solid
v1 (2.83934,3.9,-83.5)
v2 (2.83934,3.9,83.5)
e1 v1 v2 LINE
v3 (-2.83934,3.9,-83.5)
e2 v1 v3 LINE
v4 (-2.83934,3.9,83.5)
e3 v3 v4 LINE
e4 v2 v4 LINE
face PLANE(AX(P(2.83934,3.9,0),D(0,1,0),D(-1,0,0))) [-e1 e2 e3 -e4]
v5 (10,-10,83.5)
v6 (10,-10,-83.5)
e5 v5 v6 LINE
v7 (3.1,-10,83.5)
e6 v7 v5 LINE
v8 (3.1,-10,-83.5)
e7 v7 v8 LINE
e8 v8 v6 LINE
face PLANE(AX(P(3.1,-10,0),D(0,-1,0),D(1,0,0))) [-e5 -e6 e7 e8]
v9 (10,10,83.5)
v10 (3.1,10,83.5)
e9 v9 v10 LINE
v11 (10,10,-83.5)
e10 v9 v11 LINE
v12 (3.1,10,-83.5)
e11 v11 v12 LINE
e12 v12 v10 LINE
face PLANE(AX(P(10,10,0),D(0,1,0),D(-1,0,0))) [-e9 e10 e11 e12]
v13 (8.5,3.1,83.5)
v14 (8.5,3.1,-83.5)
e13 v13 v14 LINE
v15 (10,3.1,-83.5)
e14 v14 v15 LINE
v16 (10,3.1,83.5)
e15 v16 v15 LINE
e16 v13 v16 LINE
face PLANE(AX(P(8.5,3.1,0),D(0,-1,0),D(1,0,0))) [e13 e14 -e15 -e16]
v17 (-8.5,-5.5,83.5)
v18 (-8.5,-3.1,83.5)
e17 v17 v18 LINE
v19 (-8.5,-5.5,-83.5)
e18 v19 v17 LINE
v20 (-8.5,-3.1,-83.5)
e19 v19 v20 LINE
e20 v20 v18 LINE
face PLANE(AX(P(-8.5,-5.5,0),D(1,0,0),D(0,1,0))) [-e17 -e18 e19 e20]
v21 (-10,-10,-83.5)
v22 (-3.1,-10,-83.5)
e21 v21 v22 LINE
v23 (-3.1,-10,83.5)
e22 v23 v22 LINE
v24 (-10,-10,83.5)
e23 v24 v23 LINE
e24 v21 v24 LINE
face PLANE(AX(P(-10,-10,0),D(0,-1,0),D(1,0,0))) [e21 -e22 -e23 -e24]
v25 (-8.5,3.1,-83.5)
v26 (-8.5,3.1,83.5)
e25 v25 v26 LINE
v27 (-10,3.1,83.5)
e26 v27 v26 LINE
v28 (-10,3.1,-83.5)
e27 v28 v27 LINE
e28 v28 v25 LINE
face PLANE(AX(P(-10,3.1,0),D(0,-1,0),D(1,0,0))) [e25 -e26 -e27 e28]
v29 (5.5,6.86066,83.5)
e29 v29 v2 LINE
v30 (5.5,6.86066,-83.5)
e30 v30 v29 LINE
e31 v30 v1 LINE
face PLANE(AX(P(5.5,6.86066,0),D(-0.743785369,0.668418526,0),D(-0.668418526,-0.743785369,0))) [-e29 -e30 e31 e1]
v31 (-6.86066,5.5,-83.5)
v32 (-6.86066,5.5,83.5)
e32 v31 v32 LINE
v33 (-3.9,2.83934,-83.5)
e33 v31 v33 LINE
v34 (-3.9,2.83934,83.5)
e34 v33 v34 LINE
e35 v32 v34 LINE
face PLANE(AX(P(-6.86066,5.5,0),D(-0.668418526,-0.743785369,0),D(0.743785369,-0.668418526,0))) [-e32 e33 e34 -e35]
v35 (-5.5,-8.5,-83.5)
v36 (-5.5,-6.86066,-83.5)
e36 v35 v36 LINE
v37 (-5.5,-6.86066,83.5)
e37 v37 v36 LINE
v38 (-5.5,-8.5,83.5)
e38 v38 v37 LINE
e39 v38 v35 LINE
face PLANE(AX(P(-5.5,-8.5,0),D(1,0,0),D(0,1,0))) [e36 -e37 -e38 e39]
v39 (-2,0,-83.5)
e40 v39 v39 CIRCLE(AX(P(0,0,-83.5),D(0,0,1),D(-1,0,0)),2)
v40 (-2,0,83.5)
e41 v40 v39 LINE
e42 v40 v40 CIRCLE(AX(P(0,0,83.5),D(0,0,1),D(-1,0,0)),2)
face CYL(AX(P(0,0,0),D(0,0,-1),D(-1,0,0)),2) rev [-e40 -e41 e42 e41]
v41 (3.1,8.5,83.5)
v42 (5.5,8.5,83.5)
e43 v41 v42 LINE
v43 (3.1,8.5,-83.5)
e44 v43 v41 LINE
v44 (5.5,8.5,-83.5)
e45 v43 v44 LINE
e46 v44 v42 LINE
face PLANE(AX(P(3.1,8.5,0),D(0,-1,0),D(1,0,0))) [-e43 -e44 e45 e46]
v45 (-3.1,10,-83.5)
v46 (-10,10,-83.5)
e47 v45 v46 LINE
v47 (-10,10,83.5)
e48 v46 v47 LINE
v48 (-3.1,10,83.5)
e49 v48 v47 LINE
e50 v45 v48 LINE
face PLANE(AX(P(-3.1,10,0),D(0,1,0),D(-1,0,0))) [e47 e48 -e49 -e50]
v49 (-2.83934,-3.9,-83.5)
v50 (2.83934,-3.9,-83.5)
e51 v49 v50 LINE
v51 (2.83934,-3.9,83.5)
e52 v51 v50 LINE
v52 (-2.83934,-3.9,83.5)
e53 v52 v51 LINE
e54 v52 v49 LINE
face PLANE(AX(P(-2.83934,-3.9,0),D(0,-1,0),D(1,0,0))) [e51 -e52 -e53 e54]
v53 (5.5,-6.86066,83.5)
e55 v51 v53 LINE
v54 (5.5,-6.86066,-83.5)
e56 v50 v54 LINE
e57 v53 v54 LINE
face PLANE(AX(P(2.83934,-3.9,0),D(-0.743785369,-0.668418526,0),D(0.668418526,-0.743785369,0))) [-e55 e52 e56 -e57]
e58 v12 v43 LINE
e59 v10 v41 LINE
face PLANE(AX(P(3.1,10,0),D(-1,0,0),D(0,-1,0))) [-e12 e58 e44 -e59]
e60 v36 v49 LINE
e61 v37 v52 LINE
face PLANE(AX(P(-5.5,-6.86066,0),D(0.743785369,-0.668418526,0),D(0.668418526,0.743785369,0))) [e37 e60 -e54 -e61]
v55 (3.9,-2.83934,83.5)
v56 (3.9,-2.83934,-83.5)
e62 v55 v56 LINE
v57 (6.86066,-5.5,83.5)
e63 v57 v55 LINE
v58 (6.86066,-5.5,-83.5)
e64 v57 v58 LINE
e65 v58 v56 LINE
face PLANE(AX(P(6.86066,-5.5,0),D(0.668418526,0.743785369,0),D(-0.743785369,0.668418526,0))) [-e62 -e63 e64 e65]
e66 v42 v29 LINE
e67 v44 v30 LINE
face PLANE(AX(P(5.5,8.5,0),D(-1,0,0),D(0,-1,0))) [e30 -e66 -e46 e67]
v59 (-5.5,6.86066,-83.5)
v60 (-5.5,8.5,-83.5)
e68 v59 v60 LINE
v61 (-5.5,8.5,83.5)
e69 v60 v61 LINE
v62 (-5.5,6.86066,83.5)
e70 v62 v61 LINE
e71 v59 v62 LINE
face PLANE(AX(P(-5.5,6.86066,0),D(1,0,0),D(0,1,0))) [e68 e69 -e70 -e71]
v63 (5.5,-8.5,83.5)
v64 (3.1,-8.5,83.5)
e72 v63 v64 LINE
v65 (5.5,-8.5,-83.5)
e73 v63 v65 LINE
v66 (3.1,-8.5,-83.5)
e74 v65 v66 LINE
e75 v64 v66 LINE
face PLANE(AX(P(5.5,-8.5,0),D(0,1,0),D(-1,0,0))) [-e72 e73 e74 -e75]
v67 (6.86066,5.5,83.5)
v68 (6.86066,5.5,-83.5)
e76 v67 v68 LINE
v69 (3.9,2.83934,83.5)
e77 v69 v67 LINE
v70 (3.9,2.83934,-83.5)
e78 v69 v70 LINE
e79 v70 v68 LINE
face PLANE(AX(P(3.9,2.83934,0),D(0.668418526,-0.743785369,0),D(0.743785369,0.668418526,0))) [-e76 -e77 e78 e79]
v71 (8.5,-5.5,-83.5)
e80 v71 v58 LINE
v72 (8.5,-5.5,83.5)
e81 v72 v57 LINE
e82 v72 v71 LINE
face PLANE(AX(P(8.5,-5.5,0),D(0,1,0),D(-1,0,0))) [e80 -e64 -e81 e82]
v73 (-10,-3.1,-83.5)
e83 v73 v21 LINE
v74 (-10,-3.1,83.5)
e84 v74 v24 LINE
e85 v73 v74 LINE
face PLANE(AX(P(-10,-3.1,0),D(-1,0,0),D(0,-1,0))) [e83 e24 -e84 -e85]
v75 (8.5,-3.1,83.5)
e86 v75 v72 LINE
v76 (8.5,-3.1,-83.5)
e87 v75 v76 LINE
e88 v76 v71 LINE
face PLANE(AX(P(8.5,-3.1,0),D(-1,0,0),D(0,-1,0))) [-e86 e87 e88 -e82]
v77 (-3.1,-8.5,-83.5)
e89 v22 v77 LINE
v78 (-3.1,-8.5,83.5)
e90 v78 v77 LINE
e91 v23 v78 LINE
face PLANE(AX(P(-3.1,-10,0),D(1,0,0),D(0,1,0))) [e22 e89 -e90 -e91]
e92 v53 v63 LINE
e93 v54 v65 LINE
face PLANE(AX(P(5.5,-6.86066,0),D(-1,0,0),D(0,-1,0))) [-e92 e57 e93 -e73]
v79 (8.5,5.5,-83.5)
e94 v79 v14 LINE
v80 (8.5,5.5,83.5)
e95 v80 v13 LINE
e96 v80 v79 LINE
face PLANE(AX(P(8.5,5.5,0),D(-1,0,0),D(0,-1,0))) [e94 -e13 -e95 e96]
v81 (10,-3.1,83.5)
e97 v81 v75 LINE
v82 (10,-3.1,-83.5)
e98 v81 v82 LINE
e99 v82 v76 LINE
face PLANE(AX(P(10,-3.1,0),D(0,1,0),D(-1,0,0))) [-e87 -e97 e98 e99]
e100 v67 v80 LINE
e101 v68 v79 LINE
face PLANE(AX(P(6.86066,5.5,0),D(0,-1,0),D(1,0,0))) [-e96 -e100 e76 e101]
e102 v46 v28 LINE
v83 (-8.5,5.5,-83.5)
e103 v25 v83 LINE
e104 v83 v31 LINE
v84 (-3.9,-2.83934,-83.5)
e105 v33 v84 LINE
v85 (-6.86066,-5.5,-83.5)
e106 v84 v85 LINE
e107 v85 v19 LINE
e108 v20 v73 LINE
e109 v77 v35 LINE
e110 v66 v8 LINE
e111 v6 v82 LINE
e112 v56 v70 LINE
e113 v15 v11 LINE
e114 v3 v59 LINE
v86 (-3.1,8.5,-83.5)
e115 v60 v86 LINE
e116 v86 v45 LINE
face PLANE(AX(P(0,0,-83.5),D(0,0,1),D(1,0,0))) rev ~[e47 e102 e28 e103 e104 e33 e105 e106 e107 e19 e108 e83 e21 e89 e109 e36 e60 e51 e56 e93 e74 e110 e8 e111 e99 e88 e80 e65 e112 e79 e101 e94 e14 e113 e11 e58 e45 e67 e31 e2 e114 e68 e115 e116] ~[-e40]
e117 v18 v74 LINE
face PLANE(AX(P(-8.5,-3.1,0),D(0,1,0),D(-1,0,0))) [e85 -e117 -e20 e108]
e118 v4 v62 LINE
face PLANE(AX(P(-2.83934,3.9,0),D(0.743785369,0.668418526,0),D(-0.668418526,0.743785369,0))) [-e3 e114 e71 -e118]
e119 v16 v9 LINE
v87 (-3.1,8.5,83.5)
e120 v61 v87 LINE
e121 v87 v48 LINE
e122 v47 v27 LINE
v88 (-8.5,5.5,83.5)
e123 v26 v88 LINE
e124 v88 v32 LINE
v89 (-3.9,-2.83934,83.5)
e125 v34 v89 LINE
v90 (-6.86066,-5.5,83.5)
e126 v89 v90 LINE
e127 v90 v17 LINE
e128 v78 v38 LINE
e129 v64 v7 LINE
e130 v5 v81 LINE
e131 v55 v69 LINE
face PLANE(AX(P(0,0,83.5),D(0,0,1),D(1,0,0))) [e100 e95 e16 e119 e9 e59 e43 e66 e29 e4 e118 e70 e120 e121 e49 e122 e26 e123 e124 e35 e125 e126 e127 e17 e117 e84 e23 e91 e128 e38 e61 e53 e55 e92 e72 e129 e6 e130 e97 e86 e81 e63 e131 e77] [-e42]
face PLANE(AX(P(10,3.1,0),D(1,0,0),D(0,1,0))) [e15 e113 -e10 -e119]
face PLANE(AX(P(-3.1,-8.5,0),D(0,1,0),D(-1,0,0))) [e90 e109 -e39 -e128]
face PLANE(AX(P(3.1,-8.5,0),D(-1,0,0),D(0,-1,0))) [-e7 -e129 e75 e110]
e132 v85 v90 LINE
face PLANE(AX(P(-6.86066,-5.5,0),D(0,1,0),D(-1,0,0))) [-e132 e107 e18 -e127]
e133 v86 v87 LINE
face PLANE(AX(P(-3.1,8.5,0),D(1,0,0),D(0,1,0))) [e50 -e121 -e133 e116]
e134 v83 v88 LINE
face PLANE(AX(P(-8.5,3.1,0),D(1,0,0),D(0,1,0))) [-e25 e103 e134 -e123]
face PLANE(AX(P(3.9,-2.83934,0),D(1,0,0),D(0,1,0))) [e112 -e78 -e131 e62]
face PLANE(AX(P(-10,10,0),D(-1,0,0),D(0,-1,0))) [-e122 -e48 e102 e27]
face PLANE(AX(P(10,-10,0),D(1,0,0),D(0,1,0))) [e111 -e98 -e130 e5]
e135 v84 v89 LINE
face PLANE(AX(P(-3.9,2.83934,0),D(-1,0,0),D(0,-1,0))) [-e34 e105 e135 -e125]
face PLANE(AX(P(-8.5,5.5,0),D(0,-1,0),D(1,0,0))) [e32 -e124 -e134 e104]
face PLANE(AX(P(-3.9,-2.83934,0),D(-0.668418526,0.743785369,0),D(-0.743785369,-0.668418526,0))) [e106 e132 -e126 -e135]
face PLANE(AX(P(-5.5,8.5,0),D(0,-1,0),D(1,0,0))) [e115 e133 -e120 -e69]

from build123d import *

# Parameters (mm, degrees)
SKETCH1_R           = 2
BOSS_EXTRUDE1_DEPTH = 83.5


with BuildPart() as part:
    # Sketch1 → Boss-Extrude1 (new, symmetric)
    with BuildSketch(Plane.XY):
        Polygon((10, 4.610379336), (10, 10), (4.610379336, 10), (3.1, 10), (3.1, 8.5), (5.5, 8.5), (5.5, 6.860660172), (2.839339828, 3.9), (0.519615242, 3.9), (-0.519615242, 3.9), (-2.839339828, 3.9), (-5.5, 6.860660172), (-5.5, 8.5), (-3.1, 8.5), (-3.1, 10), (-4.610379336, 10), (-10, 10), (-10, 4.610379336), (-10, 3.1), (-8.5, 3.1), (-8.5, 5.5), (-6.860660172, 5.5), (-3.9, 2.839339828), (-3.9, 0.519615242), (-3.9, -0.519615242), (-3.9, -2.839339828), (-6.860660172, -5.5), (-8.5, -5.5), (-8.5, -3.1), (-10, -3.1), (-10, -4.610379336), (-10, -10), (-4.610379336, -10), (-3.1, -10), (-3.1, -8.5), (-5.5, -8.5), (-5.5, -6.860660172), (-2.839339828, -3.9), (-0.519615242, -3.9), (0.519615242, -3.9), (2.839339828, -3.9), (5.5, -6.860660172), (5.5, -8.5), (3.1, -8.5), (3.1, -10), (4.610379336, -10), (10, -10), (10, -4.610379336), (10, -3.1), (8.5, -3.1), (8.5, -5.5), (6.860660172, -5.5), (3.9, -2.839339828), (3.9, -0.519615242), (3.9, 0.519615242), (3.9, 2.839339828), (6.860660172, 5.5), (8.5, 5.5), (8.5, 3.1), (10, 3.1), align=None)
        with Locations(Location((0, 0, 0), (0, 0, 180))):
            Circle(SKETCH1_R, mode=Mode.SUBTRACT)
    extrude(amount=BOSS_EXTRUDE1_DEPTH, both=True)


solid = part.part
